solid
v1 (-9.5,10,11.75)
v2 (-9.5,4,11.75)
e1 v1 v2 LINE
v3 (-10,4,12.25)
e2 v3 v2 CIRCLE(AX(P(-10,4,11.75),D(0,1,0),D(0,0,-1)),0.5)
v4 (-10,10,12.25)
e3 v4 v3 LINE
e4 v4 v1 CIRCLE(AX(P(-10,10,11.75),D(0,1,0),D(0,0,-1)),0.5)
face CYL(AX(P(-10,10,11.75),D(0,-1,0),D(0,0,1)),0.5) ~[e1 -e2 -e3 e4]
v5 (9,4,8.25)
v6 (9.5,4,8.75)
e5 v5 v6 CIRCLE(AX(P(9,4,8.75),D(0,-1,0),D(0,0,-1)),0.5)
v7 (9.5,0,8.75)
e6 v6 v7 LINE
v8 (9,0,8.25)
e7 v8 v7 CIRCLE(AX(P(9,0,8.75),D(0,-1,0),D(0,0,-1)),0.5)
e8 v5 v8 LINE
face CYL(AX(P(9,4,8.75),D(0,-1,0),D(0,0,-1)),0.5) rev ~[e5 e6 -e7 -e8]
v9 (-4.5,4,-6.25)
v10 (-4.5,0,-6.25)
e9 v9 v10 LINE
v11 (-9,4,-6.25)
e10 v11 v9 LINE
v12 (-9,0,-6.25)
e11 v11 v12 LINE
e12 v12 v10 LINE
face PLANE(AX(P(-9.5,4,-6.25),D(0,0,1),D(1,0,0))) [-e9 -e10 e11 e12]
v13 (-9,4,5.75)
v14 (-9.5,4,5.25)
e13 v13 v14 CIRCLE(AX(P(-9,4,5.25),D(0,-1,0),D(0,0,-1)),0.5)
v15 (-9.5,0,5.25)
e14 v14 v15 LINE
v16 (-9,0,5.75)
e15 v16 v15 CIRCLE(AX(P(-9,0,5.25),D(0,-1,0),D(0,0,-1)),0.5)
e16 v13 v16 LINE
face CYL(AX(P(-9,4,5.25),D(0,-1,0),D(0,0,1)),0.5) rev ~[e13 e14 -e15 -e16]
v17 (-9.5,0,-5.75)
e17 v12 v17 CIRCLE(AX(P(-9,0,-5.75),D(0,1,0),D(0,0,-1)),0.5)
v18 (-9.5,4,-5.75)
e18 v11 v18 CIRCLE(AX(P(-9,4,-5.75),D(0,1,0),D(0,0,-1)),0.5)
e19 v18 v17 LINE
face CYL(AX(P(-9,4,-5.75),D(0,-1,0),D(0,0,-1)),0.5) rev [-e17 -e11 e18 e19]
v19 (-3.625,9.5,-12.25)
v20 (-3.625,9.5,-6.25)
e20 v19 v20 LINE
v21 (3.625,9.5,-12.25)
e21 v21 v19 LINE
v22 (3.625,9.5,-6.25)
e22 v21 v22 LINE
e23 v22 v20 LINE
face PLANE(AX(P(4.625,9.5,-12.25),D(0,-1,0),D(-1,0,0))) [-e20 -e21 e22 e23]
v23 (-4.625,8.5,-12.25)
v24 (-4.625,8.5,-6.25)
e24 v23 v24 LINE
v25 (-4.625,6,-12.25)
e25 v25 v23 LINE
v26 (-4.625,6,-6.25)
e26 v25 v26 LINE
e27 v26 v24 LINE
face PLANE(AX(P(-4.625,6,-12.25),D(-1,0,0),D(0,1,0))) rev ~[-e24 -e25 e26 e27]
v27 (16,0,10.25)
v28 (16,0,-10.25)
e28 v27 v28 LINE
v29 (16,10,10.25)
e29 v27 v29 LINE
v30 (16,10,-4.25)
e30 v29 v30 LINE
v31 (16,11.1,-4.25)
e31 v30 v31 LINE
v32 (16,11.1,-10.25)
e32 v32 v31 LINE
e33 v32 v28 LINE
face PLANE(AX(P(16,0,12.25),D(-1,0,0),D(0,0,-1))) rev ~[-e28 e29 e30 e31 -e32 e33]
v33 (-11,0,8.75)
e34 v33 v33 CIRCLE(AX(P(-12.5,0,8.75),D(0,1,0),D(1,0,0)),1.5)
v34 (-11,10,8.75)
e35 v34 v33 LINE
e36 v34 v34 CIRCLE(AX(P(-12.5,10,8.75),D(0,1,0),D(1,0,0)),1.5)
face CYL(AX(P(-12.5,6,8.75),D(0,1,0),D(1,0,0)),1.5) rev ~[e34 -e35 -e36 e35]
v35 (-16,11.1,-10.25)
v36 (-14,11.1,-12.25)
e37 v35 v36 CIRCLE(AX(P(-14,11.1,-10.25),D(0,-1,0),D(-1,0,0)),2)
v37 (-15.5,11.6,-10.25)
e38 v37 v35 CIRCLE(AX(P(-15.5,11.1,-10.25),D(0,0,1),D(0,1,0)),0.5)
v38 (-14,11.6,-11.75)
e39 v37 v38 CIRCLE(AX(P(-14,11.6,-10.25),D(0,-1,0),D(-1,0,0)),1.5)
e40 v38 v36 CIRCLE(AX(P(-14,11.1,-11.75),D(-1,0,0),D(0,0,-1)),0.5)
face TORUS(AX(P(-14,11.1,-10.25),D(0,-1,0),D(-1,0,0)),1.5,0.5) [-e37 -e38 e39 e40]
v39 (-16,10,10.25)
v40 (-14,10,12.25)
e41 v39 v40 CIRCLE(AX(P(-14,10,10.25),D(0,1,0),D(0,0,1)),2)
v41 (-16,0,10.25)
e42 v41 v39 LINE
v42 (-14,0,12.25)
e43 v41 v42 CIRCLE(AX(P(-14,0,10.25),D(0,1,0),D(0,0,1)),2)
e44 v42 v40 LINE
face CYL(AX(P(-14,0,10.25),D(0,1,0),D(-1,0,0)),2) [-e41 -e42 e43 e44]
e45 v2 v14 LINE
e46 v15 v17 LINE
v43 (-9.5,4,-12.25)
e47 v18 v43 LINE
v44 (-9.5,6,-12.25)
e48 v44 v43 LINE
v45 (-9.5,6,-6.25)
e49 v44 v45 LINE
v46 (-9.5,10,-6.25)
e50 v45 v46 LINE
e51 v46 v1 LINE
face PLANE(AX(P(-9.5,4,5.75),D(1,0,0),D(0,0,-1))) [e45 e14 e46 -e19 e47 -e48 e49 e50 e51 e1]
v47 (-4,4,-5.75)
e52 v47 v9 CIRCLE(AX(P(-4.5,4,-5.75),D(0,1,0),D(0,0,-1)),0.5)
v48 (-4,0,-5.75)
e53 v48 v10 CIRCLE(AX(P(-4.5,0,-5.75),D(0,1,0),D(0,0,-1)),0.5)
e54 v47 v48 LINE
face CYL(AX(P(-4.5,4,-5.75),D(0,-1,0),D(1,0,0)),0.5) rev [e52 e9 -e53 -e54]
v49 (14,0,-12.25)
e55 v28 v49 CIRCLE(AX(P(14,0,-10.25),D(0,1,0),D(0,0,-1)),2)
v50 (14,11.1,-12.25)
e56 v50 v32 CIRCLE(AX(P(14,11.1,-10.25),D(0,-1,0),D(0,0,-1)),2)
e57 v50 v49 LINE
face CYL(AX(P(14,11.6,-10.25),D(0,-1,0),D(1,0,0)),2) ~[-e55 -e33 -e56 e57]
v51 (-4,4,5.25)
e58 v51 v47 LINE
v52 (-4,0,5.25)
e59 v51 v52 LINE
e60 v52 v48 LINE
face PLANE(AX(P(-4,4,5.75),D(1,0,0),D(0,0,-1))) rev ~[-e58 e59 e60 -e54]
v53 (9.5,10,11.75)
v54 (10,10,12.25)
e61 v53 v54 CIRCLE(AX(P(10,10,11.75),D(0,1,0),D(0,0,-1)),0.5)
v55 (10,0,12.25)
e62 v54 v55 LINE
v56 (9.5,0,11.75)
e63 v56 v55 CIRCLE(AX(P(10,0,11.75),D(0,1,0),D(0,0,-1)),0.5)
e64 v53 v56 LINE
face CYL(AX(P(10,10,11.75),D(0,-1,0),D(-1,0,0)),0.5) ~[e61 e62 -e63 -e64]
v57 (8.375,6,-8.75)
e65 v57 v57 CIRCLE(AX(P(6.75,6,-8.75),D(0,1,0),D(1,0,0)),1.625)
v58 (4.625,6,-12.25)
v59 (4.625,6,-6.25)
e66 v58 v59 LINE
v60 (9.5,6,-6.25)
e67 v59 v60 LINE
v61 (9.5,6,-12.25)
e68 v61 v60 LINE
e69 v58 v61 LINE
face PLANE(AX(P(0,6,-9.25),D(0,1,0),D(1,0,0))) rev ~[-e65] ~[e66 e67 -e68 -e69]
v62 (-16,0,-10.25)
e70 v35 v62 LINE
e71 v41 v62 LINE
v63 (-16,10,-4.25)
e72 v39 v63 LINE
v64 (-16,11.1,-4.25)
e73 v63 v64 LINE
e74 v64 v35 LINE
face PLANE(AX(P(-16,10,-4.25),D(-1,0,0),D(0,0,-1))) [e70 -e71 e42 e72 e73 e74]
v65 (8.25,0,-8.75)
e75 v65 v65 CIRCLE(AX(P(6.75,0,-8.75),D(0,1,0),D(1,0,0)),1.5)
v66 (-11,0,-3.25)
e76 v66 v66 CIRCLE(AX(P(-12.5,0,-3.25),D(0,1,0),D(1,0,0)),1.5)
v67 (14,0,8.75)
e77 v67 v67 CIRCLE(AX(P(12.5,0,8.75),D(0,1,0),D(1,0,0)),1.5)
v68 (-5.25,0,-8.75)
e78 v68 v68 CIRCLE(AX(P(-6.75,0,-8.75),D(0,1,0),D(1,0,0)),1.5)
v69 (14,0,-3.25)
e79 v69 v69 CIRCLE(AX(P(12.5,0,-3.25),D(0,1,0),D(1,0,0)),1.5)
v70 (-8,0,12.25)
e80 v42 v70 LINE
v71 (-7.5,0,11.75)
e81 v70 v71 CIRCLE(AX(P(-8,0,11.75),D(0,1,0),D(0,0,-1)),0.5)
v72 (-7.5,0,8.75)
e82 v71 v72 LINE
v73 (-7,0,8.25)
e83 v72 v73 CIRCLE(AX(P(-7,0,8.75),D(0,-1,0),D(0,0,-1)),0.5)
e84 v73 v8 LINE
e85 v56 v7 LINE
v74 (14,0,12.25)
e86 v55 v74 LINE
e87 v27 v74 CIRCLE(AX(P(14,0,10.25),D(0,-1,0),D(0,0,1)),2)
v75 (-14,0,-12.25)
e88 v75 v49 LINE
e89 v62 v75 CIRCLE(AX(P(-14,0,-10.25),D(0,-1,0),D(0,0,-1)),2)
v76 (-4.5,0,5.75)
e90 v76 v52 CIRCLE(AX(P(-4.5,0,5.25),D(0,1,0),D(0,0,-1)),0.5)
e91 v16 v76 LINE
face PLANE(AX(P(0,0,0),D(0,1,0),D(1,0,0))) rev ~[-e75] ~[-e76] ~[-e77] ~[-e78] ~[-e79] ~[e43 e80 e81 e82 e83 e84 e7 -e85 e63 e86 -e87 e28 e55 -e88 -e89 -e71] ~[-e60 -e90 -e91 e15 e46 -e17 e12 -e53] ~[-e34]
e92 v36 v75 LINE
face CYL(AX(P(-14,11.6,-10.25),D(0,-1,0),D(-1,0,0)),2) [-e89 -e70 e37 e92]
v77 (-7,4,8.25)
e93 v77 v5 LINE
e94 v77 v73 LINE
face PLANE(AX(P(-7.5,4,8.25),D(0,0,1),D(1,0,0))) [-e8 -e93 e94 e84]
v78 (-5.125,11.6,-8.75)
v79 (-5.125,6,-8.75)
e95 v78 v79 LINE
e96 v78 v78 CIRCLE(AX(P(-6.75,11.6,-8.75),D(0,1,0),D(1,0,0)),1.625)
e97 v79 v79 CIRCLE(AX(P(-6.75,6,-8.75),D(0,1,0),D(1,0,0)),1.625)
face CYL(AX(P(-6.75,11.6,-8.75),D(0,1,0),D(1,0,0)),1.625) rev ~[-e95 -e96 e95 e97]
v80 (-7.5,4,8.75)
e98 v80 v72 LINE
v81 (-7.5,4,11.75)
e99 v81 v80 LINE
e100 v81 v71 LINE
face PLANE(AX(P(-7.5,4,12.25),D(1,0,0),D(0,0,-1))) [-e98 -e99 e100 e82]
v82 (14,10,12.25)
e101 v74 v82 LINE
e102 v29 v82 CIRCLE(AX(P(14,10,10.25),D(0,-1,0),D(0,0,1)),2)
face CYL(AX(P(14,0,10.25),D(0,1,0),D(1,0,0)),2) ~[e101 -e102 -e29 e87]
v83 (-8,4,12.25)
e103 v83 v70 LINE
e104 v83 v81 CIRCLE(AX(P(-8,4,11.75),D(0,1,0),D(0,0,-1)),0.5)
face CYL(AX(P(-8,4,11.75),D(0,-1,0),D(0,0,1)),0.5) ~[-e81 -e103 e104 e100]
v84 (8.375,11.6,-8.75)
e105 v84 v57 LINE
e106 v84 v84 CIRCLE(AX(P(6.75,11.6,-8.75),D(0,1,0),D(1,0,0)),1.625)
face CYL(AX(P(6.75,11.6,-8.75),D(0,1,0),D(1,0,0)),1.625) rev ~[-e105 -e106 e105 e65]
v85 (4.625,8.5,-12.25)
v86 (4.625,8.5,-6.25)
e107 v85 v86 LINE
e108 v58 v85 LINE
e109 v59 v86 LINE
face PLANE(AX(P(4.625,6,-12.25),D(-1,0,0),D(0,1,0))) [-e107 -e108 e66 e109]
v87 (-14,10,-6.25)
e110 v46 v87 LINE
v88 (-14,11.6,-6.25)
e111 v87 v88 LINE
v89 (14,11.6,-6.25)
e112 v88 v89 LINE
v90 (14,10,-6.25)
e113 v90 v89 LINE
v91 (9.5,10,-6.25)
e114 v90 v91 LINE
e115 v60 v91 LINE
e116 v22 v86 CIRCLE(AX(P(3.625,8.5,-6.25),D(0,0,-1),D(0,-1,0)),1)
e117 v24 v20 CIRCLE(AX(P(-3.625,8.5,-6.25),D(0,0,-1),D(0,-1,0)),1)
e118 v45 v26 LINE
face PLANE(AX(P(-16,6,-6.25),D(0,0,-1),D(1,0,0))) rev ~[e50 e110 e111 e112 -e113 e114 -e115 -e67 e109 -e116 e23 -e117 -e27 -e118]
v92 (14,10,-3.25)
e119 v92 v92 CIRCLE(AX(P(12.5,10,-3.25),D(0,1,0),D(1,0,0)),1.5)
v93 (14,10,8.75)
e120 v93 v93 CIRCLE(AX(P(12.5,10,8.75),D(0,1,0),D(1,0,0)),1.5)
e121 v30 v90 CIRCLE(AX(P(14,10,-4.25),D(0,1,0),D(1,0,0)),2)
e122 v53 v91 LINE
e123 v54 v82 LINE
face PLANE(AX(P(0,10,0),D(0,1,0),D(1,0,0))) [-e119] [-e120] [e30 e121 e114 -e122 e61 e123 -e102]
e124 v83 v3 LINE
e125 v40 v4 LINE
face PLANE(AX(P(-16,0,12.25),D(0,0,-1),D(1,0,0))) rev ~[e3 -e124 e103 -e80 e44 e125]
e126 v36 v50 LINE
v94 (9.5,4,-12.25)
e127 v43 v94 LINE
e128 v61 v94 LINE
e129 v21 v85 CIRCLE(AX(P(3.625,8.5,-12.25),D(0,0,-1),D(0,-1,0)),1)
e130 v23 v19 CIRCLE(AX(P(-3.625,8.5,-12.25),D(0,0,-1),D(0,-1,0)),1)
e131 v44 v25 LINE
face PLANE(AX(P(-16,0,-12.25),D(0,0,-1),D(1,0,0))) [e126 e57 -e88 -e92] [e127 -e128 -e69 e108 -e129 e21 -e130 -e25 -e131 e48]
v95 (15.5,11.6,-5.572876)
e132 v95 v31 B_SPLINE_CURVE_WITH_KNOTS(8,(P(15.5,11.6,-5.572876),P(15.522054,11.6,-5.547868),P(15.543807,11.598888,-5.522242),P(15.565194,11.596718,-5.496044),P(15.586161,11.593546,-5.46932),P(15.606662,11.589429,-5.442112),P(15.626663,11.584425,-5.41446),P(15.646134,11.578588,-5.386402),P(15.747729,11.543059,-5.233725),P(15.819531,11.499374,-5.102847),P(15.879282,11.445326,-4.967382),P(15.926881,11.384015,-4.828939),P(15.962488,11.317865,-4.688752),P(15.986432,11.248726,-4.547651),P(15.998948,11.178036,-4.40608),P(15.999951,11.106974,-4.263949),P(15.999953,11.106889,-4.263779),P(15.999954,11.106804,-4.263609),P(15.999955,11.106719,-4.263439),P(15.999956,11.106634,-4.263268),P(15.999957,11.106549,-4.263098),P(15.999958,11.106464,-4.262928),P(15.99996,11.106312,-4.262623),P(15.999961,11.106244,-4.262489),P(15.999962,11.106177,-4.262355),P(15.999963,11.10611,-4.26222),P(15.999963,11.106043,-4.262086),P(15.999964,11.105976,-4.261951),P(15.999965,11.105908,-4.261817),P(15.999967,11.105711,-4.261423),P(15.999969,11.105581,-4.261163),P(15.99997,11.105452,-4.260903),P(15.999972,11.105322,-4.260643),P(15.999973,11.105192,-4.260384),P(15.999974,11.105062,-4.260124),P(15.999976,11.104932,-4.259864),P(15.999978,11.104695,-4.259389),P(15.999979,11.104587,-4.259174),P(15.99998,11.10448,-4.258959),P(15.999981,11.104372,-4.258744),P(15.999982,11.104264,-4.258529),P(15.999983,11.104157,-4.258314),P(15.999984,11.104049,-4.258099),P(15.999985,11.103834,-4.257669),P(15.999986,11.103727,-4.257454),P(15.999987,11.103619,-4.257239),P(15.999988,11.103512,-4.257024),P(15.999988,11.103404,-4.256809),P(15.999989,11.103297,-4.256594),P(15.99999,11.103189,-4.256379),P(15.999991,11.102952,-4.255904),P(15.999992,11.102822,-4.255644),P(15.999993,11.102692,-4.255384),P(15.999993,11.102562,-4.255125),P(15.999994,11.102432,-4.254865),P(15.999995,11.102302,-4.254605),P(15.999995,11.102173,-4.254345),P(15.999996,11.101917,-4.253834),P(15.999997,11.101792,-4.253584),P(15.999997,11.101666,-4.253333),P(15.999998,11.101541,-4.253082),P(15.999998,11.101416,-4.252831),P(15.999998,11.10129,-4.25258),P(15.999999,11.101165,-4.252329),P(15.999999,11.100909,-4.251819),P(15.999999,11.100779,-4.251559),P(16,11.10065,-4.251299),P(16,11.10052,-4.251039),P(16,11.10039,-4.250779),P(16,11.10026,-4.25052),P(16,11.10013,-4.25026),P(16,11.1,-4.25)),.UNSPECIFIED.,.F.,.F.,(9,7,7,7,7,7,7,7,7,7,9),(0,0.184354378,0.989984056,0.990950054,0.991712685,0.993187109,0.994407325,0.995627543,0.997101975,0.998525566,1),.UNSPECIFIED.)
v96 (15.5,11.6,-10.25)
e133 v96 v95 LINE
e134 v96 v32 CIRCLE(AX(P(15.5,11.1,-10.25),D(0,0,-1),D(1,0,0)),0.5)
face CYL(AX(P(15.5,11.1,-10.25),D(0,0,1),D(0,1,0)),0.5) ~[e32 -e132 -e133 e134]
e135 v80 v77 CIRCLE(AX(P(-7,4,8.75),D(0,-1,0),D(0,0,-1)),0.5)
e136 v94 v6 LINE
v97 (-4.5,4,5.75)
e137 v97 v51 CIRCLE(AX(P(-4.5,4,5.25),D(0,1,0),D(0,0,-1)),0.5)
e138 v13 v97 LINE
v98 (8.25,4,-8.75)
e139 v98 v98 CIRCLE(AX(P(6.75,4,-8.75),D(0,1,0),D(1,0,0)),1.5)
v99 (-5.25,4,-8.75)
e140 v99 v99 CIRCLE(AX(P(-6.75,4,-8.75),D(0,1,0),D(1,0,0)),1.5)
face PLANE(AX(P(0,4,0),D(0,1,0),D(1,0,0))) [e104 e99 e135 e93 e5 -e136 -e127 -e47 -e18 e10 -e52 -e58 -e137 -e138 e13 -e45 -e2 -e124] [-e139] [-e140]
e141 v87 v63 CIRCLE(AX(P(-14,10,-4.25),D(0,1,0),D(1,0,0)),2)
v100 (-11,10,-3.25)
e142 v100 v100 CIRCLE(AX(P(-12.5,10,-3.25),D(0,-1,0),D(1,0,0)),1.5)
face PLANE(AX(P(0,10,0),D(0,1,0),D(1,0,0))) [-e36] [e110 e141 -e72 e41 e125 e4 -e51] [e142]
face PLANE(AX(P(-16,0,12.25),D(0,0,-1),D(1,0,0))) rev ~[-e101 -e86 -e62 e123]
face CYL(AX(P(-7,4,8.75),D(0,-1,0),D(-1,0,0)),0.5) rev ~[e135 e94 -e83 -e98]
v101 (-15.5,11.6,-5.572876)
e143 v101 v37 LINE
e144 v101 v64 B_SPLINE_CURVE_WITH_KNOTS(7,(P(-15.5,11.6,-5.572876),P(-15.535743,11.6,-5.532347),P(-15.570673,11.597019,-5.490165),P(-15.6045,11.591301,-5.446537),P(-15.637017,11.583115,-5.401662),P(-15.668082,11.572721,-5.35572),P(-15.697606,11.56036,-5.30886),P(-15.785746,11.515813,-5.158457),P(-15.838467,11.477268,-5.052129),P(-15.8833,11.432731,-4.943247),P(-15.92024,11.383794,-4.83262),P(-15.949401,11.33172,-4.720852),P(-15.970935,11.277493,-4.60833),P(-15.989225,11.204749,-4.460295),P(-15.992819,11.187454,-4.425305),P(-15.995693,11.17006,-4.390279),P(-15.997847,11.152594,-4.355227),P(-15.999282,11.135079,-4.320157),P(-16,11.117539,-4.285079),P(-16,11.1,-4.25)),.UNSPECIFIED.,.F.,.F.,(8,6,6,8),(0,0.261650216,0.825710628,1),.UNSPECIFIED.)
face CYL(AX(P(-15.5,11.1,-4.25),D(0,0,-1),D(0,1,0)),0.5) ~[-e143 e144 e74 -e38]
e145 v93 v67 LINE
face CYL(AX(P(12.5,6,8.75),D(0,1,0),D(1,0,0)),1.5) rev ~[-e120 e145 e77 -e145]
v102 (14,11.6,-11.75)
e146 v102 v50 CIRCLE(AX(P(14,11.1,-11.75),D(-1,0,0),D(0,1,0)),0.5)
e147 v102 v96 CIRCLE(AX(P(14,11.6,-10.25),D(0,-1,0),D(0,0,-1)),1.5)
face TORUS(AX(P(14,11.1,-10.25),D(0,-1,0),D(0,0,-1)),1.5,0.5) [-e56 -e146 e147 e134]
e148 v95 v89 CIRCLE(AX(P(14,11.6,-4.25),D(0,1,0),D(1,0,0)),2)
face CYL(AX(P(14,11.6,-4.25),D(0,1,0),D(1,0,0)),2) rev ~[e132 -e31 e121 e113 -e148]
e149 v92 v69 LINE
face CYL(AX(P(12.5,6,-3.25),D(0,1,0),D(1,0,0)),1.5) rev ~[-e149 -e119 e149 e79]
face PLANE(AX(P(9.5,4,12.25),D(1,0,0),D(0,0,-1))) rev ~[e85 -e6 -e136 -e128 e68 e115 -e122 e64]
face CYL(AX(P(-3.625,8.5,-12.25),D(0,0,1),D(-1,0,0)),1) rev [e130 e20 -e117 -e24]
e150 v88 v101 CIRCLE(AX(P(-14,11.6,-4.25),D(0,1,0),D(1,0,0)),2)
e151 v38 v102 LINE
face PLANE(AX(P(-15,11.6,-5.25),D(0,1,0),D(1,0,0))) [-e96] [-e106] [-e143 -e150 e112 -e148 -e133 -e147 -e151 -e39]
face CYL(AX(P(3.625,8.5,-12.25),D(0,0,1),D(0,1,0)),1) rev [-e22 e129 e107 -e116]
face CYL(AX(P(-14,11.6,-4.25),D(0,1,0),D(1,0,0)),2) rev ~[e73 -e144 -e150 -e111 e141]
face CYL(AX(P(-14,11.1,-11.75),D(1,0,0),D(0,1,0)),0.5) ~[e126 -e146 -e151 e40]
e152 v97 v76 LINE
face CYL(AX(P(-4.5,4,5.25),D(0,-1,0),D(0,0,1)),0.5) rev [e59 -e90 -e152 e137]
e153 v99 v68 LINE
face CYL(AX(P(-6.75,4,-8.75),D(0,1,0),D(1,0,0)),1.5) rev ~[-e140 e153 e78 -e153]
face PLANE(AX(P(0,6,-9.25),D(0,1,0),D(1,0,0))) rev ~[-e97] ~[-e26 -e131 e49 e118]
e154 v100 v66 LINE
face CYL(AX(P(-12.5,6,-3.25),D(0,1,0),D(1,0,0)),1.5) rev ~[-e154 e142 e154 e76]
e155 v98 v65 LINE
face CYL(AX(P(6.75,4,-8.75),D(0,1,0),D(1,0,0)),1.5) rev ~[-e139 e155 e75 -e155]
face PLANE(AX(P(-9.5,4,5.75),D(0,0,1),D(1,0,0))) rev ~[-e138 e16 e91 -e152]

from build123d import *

# Parameters (mm, degrees)
SKETCH1_W               = 32
SKETCH1_H               = 24.5
BOSS_EXTRUDE1_DEPTH     = 10
SKETCH2_W               = 19
SKETCH2_H               = 24.5
CUT_EXTRUDE1_DEPTH      = 6
BOSS_EXTRUDE2_START     = -4
SKETCH12_W              = 32
SKETCH12_H              = 6
BOSS_EXTRUDE2_DEPTH     = 5.6
SKETCH13_W              = 9.25
SKETCH13_H              = 3.5
CUT_EXTRUDE7_DEPTH      = 25.5
SKETCH9_R               = 1.5
CUT_EXTRUDE5_DEPTH      = 8.6
CUT_EXTRUDE5_DEPTH_BACK = 5
SKETCH3_R               = 1.5
CUT_EXTRUDE2_DEPTH      = 4
SKETCH4_R               = 1.5
CUT_EXTRUDE3_DEPTH      = 7
SKETCH6_W               = 5.5
SKETCH6_H               = 12
SKETCH6_W_2             = 17
SKETCH6_H_2             = 4
CUT_EXTRUDE4_DEPTH      = 8.6
CUT_EXTRUDE4_DEPTH_BACK = 5
SKETCH16_W              = 2
SKETCH16_H              = 2
BOSS_EXTRUDE3_DEPTH     = 1.6
SKETCH17_R              = 2
CUT_EXTRUDE10_DEPTH     = 1.6
FILLET1_R               = 2
FILLET3_R               = 0.5
FILLET4_R               = 0.5
FILLET5_R               = 1
SKETCH14_R              = 1.625
CUT_EXTRUDE8_DEPTH      = 5.6


with BuildPart() as part:
    # Sketch1 → Boss-Extrude1 (new body)
    with BuildSketch(Plane(origin=(0, 0, 0), x_dir=(1, 0, 0), z_dir=(0, 1, 0))):
        Rectangle(SKETCH1_W, SKETCH1_H)
    extrude(amount=BOSS_EXTRUDE1_DEPTH)

    # Sketch2 → Cut-Extrude1 (cut)
    with BuildSketch(Plane(origin=(0, 10, 0), x_dir=(1, 0, 0), z_dir=(0, 1, 0))):
        Rectangle(SKETCH2_W, SKETCH2_H)
    extrude(amount=-CUT_EXTRUDE1_DEPTH, mode=Mode.SUBTRACT)

    # Sketch12 → Boss-Extrude2 (add)
    with BuildSketch(Plane(origin=(0, 10, 0), x_dir=(1, 0, 0), z_dir=(0, 1, 0)).offset(BOSS_EXTRUDE2_START)):
        with Locations((0, 9.25)):
            Rectangle(SKETCH12_W, SKETCH12_H)
    extrude(amount=BOSS_EXTRUDE2_DEPTH)

    # Sketch13 → Cut-Extrude7 (cut, through all)
    with BuildSketch(Plane(origin=(0, 0, -12.25), x_dir=(-1, 0, 0), z_dir=(0, 0, -1))):
        with Locations((0, 7.75)):
            Rectangle(SKETCH13_W, SKETCH13_H)
    extrude(amount=-CUT_EXTRUDE7_DEPTH, mode=Mode.SUBTRACT)

    # Sketch9 → Cut-Extrude5 (cut, two sides)
    with BuildSketch(Plane(origin=(0, 4, 0), x_dir=(1, 0, 0), z_dir=(0, 1, 0))) as cut_extrude5_sk:
        with Locations((-6.75, 8.75)):
            Circle(SKETCH9_R)
        with Locations((6.75, 8.75)):
            Circle(SKETCH9_R)
    extrude(amount=CUT_EXTRUDE5_DEPTH, mode=Mode.SUBTRACT)
    extrude(cut_extrude5_sk.sketch, amount=-CUT_EXTRUDE5_DEPTH_BACK, mode=Mode.SUBTRACT)

    # Sketch3 → Cut-Extrude2 (cut)
    with BuildSketch(Plane(origin=(0, 10, 0), x_dir=(1, 0, 0), z_dir=(0, 1, 0))):
        with Locations((-12.5, 3.25)):
            Circle(SKETCH3_R)
        with Locations((-12.5, -8.75)):
            Circle(SKETCH3_R)
        with Locations((12.5, -8.75)):
            Circle(SKETCH3_R)
        with Locations((12.5, 3.25)):
            Circle(SKETCH3_R)
        with Locations((-6.75, 8.75)):
            Circle(SKETCH3_R)
        with Locations((6.75, 8.75)):
            Circle(SKETCH3_R)
    extrude(amount=-CUT_EXTRUDE2_DEPTH, mode=Mode.SUBTRACT)

    # Sketch4 → Cut-Extrude3 (cut, through all)
    with BuildSketch(Plane(origin=(0, 6, 0), x_dir=(1, 0, 0), z_dir=(0, 1, 0))):
        with Locations((-12.5, 3.25)):
            Circle(SKETCH4_R)
        with Locations((-12.5, -8.75)):
            Circle(SKETCH4_R)
        with Locations((12.5, 3.25)):
            Circle(SKETCH4_R)
        with Locations((12.5, -8.75)):
            Circle(SKETCH4_R)
    extrude(amount=-CUT_EXTRUDE3_DEPTH, mode=Mode.SUBTRACT)

    # Sketch6 → Cut-Extrude4 (cut, two sides)
    with BuildSketch(Plane(origin=(0, 4, 0), x_dir=(1, 0, 0), z_dir=(0, 1, 0))) as cut_extrude4_sk:
        with Locations((-6.75, 0.25)):
            Rectangle(SKETCH6_W, SKETCH6_H)
        with Locations((1, -10.25)):
            Rectangle(SKETCH6_W_2, SKETCH6_H_2)
    extrude(amount=CUT_EXTRUDE4_DEPTH, mode=Mode.SUBTRACT)
    extrude(cut_extrude4_sk.sketch, amount=-CUT_EXTRUDE4_DEPTH_BACK, mode=Mode.SUBTRACT)

    # Sketch16 → Boss-Extrude3 (add)
    with BuildSketch(Plane(origin=(0, 10, 0), x_dir=(1, 0, 0), z_dir=(0, 1, 0))):
        with Locations((-15, 5.25)):
            Rectangle(SKETCH16_W, SKETCH16_H)
        with Locations((15, 5.25)):
            Rectangle(SKETCH16_W, SKETCH16_H)
    extrude(amount=BOSS_EXTRUDE3_DEPTH)

    # Sketch17 → Cut-Extrude10 (cut)
    with BuildSketch(Plane(origin=(0, 11.6, 0), x_dir=(1, 0, 0), z_dir=(0, 1, 0))):
        with Locations((-14, 4.25)):
            Circle(SKETCH17_R)
        with Locations((14, 4.25)):
            Circle(SKETCH17_R)
    extrude(amount=-CUT_EXTRUDE10_DEPTH, mode=Mode.SUBTRACT)

    # Fillet1
    fillet1_edges = [part.edges().sort_by_distance(p)[0] for p in [
        (16, 5, 12.25),
        (-16, 5, 12.25),
        (-16, 5.8, -12.25),
        (16, 5.8, -12.25),
    ]]
    fillet(fillet1_edges, radius=FILLET1_R)

    # Fillet3
    fillet3_edges = [part.edges().sort_by_distance(p)[0] for p in [
        (-9.5, 2, 5.75),
        (-9.5, 2, -6.25),
        (-4, 2, -6.25),
        (-4, 2, 5.75),
        (9.5, 2, 8.25),
        (-7.5, 2, 12.25),
        (-7.5, 2, 8.25),
        (9.5, 5, 12.25),
        (-9.5, 7, 12.25),
    ]]
    fillet(fillet3_edges, radius=FILLET3_R)

    # Fillet4
    fillet4_edges = [part.edges().sort_by_distance(p)[0] for p in [
        (-16, 11.6, -7.25),
        (0, 11.6, -12.25),
        (15.414213562, 11.6, -11.664213562),
        (-15.414213562, 11.6, -11.664213562),
        (16, 11.6, -7.25),
    ]]
    fillet(fillet4_edges, radius=FILLET4_R)

    # Fillet5
    fillet5_edges = [part.edges().sort_by_distance(p)[0] for p in [
        (-4.625, 9.5, -9.25),
        (4.625, 9.5, -9.25),
    ]]
    fillet(fillet5_edges, radius=FILLET5_R)

    # Sketch14 → Cut-Extrude8 (cut)
    with BuildSketch(Plane(origin=(0, 11.6, 0), x_dir=(1, 0, 0), z_dir=(0, 1, 0))):
        with Locations((6.75, 8.75)):
            Circle(SKETCH14_R)
        with Locations((-6.75, 8.75)):
            Circle(SKETCH14_R)
    extrude(amount=-CUT_EXTRUDE8_DEPTH, mode=Mode.SUBTRACT)


solid = part.part
